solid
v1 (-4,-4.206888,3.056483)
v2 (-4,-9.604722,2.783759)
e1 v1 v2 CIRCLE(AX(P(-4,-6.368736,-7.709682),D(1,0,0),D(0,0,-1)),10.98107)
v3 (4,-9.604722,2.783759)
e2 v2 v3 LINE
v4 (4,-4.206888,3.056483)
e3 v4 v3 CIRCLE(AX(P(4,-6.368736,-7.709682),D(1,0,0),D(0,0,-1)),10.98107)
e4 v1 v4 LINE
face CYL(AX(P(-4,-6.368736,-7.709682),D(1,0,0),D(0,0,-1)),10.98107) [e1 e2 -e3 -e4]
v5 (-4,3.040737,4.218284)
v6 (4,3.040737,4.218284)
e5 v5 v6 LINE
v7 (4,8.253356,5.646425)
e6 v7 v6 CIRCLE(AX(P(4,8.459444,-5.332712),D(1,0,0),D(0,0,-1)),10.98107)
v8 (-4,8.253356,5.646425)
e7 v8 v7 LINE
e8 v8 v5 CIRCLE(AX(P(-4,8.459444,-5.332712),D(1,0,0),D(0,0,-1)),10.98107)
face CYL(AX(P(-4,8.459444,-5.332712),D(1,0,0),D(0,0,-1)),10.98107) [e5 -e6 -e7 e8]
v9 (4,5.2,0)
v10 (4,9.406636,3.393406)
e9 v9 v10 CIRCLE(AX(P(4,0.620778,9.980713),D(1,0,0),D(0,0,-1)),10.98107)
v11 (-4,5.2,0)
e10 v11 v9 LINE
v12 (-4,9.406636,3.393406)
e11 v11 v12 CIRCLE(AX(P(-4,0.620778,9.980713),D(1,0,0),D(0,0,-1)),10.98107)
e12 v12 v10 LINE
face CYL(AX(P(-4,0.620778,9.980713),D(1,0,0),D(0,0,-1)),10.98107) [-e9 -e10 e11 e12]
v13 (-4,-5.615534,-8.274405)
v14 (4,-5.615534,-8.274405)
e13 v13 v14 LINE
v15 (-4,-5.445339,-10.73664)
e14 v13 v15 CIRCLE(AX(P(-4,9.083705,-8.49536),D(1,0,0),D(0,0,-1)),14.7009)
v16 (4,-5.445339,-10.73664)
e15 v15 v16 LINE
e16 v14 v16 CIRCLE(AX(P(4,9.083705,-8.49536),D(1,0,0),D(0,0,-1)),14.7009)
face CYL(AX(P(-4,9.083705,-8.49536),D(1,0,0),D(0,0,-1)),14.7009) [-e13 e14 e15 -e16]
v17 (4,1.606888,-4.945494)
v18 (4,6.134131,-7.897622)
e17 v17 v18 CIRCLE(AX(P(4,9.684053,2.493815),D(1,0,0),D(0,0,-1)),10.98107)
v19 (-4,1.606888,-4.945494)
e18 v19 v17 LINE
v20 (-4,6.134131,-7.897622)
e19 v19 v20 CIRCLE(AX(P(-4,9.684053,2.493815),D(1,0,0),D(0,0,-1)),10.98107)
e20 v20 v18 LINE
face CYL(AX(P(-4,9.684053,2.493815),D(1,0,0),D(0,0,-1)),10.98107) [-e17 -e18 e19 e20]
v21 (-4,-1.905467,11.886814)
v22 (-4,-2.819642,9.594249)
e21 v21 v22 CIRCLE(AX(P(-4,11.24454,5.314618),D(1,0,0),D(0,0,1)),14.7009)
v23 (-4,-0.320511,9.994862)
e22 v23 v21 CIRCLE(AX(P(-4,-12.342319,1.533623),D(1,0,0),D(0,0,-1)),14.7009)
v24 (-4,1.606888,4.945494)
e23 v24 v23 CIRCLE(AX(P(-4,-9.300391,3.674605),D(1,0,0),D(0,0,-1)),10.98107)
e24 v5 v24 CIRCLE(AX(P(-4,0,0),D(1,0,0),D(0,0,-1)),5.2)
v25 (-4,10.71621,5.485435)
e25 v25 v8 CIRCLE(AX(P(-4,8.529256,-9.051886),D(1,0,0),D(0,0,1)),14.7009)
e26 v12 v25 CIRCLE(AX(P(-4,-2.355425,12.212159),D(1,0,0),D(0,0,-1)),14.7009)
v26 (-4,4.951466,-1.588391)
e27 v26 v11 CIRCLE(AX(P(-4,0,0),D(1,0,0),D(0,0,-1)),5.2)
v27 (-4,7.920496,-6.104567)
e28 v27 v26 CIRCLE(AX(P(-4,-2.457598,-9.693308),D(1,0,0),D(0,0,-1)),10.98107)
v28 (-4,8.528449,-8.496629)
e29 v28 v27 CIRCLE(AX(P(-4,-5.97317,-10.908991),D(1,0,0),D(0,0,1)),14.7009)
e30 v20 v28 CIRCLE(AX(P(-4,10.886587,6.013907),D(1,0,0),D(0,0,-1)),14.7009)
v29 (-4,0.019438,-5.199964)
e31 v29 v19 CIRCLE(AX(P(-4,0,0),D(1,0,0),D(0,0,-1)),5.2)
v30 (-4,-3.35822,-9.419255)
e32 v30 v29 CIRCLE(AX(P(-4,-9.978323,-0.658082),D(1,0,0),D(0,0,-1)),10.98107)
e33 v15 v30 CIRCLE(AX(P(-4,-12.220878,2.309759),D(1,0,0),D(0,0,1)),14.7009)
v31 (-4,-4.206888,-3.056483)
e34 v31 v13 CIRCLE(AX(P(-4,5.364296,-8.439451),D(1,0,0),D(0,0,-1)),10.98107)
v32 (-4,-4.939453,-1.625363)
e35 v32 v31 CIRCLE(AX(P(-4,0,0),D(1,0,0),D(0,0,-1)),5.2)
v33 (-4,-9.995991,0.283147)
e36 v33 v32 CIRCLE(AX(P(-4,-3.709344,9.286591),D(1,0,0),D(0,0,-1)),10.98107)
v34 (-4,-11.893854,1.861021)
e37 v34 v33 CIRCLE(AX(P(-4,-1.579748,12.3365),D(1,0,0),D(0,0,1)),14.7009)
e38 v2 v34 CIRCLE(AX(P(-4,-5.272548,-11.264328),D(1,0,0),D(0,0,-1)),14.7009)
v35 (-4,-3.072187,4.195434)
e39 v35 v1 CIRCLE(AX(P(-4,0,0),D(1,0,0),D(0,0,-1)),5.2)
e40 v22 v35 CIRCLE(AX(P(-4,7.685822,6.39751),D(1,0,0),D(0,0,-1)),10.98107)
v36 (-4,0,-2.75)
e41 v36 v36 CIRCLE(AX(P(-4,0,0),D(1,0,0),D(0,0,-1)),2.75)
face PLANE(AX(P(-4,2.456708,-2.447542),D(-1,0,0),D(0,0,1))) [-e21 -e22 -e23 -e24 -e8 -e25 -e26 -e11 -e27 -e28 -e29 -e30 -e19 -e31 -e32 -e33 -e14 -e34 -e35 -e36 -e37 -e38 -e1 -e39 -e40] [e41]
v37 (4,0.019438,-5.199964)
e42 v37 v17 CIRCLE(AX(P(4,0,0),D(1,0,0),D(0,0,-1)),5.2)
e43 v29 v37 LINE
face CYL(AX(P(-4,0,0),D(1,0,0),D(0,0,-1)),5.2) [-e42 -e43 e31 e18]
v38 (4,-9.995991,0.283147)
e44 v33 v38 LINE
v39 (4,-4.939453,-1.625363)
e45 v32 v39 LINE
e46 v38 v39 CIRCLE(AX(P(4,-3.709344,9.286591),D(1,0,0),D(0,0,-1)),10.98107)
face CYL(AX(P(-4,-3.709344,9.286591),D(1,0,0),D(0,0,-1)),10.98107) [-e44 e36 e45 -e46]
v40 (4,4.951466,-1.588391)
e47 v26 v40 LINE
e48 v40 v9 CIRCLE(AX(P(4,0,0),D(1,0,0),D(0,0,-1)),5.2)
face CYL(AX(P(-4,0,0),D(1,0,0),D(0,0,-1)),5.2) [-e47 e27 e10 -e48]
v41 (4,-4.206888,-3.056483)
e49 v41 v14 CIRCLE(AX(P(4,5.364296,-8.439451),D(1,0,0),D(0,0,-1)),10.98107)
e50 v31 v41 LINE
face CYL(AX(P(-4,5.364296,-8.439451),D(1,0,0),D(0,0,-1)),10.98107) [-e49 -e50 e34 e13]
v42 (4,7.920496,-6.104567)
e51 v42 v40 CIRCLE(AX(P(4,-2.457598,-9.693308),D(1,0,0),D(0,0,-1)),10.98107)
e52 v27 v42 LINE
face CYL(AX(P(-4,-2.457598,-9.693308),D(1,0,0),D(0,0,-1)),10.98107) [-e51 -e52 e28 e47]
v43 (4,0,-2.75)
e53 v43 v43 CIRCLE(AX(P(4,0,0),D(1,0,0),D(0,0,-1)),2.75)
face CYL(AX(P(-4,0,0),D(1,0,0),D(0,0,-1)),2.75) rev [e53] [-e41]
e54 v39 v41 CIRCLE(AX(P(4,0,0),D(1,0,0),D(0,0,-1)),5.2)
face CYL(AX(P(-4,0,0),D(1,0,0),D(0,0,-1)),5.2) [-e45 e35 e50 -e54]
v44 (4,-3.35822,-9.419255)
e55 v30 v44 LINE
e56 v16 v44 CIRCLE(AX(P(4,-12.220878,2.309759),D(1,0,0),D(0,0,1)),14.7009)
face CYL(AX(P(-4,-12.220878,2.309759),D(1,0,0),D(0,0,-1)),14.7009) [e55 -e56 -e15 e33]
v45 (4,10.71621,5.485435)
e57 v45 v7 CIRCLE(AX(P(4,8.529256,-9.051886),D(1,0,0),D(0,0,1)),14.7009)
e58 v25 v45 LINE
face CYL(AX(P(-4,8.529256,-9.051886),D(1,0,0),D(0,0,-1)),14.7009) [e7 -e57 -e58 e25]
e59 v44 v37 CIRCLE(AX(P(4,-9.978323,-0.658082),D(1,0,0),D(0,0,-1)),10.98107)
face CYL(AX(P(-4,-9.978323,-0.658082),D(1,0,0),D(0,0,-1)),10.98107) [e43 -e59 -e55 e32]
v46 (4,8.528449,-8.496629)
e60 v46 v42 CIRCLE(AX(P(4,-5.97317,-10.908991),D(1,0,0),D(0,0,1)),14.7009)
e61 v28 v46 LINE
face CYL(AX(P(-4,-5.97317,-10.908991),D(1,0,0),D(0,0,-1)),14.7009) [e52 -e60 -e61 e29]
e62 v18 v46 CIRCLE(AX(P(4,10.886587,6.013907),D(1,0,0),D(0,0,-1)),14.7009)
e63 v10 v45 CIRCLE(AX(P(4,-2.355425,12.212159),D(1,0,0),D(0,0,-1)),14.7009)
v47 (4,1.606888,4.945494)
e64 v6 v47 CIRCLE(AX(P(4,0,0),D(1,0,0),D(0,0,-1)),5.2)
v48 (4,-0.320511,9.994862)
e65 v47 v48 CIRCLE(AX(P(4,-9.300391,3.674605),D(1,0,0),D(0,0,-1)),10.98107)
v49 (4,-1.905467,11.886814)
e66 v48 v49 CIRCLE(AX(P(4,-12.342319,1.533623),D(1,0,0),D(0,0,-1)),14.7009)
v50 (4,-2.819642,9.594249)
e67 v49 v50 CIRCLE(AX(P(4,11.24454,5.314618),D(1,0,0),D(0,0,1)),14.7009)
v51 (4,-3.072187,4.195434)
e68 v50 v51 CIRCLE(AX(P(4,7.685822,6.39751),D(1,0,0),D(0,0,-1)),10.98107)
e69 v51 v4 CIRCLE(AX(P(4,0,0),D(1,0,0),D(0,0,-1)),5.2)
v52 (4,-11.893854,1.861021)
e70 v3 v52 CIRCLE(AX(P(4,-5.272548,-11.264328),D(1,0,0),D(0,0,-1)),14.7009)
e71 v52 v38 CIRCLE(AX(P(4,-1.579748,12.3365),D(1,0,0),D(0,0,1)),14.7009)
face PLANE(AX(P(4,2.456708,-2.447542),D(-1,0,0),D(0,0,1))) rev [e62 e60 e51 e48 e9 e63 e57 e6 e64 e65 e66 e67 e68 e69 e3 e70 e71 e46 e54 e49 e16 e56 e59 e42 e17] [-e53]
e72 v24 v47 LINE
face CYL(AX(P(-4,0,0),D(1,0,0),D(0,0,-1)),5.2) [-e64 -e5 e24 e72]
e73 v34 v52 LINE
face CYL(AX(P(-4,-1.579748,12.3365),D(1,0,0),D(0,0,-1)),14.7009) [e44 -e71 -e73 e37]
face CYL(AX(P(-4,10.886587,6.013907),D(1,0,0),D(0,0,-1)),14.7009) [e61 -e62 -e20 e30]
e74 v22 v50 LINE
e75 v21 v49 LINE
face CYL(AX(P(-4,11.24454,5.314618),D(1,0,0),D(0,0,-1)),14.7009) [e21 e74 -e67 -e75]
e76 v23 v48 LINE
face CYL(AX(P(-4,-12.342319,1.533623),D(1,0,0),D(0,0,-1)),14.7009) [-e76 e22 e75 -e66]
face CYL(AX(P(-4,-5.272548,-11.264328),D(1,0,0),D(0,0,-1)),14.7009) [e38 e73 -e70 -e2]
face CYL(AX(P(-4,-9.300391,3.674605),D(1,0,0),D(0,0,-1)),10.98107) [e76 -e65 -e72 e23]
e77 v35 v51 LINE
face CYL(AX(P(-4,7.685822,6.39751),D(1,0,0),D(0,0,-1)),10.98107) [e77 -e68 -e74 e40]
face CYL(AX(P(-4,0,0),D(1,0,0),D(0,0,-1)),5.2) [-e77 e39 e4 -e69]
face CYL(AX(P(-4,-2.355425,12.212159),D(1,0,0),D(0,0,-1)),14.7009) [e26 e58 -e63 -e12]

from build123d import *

# Parameters (mm, degrees)
BOSS_EXTRUDE1_DEPTH      = 4
BOSS_EXTRUDE1_DEPTH_BACK = 4
SKETCH1_R                = 2.75


with BuildPart() as part:
    # Sketch1 → Boss-Extrude1 (new, two sides: drawn at the far end of the back side and taken through both)
    with BuildSketch(Plane(origin=(0, 0, 0), x_dir=(0, 0, -1), z_dir=(1, 0, 0)).offset(-BOSS_EXTRUDE1_DEPTH_BACK)):
        with BuildLine():
            ThreePointArc((6.104566947, 7.920496348), (3.660962149, 6.718169615), (1.588390796, 4.951465912))
            ThreePointArc((1.588390796, 4.951465912), (0.803858587, 5.137490766), (0, 5.2))
            ThreePointArc((0, 5.2), (-1.433855865, 7.515351235), (-3.393406085, 9.406635697))
            ThreePointArc((-3.393406085, 9.406635697), (-4.411888917, 10.105404063), (-5.485434516, 10.716210377))
            ThreePointArc((-5.485434516, 10.716210377), (-5.617706577, 9.488167784), (-5.646424734, 8.253356149))
            ThreePointArc((-5.646424734, 8.253356149), (-5.25805947, 5.557810489), (-4.218284171, 3.040736531))
            ThreePointArc((-4.218284171, 3.040736531), (-4.637638106, 2.352086903), (-4.945493885, 1.606888371))
            ThreePointArc((-4.945493885, 1.606888371), (-7.590609594, 0.958693286), (-9.994862325, -0.32051068))
            ThreePointArc((-9.994862325, -0.32051068), (-10.974159037, -1.073214113), (-11.886814196, -1.90546712))
            ThreePointArc((-11.886814196, -1.90546712), (-10.759750601, -2.410751356), (-9.594249347, -2.819641726))
            ThreePointArc((-9.594249347, -2.819641726), (-6.910621616, -3.283253829), (-4.195433788, -3.072187385))
            ThreePointArc((-4.195433788, -3.072187385), (-3.670076564, -3.683821116), (-3.056483312, -4.206888371))
            ThreePointArc((-3.056483312, -4.206888371), (-3.257398859, -6.922846199), (-2.783758545, -9.604722191))
            ThreePointArc((-2.783758545, -9.604722191), (-2.370514366, -10.768686862), (-1.861020675, -11.893853821))
            ThreePointArc((-1.861020675, -11.893853821), (-1.032185004, -10.978094061), (-0.283147459, -9.995990572))
            ThreePointArc((-0.283147459, -9.995990572), (0.987060428, -7.586972949), (1.625363492, -4.939452755))
            ThreePointArc((1.625363492, -4.939452755), (2.369406048, -4.628813561), (3.056483312, -4.206888371))
            ThreePointArc((3.056483312, -4.206888371), (5.577426384, -5.237247536), (8.274404928, -5.615534087))
            ThreePointArc((8.274404928, -5.615534087), (9.509100588, -5.582200382), (10.736640165, -5.445338799))
            ThreePointArc((10.736640165, -5.445338799), (10.121825185, -4.374083905), (9.419254594, -3.358220198))
            ThreePointArc((9.419254594, -3.358220198), (7.520658509, -1.405753325), (5.199963671, 0.019437697))
            ThreePointArc((5.199963671, 0.019437697), (5.134450035, 0.823057007), (4.945493885, 1.606888371))
            ThreePointArc((4.945493885, 1.606888371), (6.704437934, 3.686049214), (7.897622027, 6.13413126))
            ThreePointArc((7.897622027, 6.13413126), (8.247461732, 7.318697294), (8.496629222, 8.528449363))
            ThreePointArc((8.496629222, 8.528449363), (7.287816997, 8.274761538), (6.104566947, 7.920496348))
        make_face()
        Circle(SKETCH1_R, mode=Mode.SUBTRACT)
    extrude(amount=BOSS_EXTRUDE1_DEPTH + BOSS_EXTRUDE1_DEPTH_BACK)


solid = part.part
